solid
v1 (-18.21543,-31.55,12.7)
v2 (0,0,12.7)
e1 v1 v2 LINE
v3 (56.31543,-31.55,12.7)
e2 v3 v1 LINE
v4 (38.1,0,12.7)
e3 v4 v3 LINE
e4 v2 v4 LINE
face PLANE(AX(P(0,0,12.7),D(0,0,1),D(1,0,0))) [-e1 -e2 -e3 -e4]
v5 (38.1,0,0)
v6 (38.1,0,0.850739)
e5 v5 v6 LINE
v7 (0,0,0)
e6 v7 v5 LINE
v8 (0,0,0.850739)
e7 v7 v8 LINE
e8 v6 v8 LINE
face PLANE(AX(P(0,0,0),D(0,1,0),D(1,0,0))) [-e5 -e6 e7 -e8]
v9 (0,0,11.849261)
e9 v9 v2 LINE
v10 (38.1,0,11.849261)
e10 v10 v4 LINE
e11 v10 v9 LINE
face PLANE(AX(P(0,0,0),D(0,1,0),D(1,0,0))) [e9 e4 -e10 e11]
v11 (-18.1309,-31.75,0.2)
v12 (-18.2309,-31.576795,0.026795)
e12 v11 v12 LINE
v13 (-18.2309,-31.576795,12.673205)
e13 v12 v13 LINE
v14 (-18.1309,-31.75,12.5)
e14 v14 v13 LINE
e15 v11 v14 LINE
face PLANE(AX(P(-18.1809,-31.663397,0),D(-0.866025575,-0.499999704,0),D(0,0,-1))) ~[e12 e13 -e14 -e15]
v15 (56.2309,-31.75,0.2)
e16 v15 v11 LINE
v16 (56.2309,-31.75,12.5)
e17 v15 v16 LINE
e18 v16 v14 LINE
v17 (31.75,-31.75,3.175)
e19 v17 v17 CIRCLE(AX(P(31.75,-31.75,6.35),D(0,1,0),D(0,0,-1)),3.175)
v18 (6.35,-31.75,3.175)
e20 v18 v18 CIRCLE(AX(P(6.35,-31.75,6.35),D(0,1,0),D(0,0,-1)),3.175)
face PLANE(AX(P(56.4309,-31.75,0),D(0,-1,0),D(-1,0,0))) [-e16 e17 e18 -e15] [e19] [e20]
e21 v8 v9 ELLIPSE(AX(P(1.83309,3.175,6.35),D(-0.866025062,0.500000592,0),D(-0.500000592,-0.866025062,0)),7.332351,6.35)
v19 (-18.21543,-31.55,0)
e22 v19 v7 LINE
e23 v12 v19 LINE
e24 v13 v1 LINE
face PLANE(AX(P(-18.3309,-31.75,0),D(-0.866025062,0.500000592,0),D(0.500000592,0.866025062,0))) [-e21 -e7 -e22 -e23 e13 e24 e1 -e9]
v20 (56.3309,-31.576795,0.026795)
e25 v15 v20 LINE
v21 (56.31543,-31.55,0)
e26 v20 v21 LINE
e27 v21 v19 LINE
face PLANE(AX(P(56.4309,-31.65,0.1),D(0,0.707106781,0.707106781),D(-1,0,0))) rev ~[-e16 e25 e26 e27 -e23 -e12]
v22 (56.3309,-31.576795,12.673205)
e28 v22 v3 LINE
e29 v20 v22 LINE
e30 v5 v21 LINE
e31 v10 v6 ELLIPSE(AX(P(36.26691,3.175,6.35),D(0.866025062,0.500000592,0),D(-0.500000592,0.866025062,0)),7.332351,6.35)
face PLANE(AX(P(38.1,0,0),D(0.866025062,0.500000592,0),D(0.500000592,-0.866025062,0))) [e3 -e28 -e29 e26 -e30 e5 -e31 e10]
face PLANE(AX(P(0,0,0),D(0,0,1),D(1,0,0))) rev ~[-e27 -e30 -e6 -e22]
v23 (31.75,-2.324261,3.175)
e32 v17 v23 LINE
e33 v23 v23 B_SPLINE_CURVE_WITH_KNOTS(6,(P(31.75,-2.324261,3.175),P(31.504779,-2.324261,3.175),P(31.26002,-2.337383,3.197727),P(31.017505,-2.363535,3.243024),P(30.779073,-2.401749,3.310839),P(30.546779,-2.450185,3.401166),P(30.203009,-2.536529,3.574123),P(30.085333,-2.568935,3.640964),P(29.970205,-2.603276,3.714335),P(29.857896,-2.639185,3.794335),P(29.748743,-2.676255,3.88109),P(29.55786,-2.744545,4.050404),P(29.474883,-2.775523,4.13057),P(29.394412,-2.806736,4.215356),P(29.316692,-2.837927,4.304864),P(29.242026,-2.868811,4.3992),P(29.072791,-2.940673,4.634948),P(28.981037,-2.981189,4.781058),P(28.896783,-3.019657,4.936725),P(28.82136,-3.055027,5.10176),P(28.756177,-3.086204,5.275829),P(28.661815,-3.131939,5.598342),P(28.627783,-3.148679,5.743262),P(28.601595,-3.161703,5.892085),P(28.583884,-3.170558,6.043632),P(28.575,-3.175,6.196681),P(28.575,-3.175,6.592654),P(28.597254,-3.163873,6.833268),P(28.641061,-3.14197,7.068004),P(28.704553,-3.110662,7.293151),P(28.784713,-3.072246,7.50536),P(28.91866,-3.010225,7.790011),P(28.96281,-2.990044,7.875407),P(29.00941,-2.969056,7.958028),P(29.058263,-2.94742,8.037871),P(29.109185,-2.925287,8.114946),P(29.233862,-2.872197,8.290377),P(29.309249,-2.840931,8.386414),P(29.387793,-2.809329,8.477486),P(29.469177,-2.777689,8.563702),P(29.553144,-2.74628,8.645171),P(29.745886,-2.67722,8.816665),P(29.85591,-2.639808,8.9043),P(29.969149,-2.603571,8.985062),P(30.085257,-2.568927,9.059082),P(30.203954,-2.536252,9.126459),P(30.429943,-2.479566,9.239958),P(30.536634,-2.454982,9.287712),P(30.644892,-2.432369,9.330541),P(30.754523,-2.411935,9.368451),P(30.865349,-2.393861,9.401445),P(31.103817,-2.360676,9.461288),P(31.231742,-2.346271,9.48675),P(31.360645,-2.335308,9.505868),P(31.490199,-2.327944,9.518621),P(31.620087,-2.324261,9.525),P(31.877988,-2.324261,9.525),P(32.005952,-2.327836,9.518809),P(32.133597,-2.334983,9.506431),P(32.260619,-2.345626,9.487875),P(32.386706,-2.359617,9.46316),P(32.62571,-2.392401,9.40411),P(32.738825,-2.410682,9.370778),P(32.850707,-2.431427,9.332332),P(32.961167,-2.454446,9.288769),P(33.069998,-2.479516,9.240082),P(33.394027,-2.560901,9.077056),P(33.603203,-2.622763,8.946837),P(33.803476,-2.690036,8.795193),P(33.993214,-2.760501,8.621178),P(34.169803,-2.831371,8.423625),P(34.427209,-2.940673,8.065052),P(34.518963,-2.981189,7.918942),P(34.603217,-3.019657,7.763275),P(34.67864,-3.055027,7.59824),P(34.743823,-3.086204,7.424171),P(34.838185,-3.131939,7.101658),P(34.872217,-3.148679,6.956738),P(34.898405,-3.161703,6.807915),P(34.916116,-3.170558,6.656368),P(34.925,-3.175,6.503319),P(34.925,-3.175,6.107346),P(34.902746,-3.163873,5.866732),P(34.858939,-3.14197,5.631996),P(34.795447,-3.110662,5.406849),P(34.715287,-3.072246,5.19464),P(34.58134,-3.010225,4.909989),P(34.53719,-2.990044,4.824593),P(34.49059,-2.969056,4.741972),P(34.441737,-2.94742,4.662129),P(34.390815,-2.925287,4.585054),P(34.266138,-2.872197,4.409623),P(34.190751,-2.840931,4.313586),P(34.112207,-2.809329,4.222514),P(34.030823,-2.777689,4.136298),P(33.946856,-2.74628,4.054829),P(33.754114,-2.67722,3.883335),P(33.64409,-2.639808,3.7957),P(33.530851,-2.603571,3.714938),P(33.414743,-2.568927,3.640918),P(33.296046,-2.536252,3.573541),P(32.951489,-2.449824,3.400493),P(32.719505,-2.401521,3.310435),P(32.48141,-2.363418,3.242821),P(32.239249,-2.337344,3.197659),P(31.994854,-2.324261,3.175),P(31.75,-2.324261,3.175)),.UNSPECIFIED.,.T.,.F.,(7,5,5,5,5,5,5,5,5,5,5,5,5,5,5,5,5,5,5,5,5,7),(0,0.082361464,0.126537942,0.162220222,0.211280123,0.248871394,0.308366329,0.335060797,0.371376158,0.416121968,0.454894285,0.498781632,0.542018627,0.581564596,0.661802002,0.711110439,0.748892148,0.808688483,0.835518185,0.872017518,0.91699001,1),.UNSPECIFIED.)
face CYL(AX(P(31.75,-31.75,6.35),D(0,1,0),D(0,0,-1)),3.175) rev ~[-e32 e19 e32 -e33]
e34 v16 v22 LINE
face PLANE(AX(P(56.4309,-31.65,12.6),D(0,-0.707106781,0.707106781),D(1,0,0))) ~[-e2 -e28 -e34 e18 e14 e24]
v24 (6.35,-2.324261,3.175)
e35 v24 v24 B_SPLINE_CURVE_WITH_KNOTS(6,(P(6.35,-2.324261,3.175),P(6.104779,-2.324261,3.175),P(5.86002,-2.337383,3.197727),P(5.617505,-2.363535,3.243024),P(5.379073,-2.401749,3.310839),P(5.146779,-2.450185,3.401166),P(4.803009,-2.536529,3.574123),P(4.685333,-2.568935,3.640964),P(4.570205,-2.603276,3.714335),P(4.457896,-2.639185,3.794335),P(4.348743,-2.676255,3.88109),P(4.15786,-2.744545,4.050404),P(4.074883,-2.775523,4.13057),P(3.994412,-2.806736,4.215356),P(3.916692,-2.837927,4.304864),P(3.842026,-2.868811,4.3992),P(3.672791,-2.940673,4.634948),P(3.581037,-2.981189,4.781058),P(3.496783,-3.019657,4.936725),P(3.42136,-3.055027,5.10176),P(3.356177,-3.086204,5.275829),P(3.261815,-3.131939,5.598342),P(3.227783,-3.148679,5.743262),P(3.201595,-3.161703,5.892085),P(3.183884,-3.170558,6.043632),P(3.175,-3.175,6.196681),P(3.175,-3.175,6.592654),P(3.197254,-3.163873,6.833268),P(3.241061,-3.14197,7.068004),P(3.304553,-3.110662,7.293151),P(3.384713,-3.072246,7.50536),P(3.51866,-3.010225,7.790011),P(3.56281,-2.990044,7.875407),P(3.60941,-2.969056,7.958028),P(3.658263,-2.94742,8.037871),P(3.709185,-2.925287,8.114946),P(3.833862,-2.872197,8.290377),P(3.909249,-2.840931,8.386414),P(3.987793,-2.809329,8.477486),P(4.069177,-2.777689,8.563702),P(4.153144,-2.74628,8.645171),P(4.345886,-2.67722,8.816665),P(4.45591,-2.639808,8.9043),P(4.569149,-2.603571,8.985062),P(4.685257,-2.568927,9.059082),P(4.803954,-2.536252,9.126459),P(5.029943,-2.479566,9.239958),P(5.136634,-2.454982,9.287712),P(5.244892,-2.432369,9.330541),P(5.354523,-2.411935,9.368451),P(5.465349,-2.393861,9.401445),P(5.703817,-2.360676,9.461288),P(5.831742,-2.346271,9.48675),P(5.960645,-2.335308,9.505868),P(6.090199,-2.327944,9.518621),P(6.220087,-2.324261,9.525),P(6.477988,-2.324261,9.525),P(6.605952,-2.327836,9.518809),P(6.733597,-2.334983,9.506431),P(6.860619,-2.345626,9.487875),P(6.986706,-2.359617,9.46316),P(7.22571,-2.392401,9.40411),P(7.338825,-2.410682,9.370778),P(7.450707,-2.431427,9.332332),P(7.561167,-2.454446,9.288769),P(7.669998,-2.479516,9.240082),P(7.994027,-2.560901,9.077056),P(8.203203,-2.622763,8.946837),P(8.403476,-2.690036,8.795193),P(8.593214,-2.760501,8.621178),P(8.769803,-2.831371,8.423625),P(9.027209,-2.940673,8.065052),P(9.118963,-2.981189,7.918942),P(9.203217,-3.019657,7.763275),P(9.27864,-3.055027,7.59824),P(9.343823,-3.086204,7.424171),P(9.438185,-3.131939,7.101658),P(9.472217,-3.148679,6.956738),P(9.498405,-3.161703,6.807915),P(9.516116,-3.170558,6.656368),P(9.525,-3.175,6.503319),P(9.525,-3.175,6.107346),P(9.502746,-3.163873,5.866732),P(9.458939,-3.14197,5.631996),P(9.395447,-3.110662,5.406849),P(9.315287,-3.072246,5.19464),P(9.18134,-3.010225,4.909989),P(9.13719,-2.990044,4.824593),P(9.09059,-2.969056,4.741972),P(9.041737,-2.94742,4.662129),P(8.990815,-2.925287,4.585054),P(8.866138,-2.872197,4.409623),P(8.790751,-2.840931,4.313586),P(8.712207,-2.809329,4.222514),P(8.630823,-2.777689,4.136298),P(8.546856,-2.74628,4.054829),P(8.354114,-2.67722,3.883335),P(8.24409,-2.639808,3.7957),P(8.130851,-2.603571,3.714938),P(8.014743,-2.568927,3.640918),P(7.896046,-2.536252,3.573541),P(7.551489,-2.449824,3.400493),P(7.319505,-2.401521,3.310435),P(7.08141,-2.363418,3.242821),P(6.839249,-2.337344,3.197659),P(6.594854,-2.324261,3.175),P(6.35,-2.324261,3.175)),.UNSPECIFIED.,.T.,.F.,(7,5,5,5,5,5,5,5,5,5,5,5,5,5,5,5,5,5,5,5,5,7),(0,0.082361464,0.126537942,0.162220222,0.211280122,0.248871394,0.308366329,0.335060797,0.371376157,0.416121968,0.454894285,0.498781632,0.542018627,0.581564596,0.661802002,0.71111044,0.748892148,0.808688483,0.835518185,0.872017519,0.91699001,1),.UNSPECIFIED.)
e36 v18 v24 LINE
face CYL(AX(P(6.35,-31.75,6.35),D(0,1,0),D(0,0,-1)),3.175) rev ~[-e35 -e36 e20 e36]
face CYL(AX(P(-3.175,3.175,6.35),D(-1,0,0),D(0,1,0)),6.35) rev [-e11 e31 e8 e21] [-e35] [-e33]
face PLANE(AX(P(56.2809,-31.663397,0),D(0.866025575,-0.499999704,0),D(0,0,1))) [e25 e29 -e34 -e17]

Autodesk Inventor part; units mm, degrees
ref_plane "YZ Plane" through (0, 0, 0) normal (1, 0, 0) x (0, 1, 0)
ref_plane "XZ Plane" through (0, 0, 0) normal (0, 1, 0) x (-1, 0, 0)
sketch "Sketch1" plane through (0, 0, 0) normal (0, 0, 1) x (1, 0, 0)
  line L0 (0, 0) -> (38.1, 0)
  line L1 (38.1, 0) -> (56.4309, -31.75)
  line L2 (56.4309, -31.75) -> (-18.3309, -31.75)
  line L3 (-18.3309, -31.75) -> (0, 0)
  dimension "d0" = 38.1
  dimension "d1" = 60
  dimension "d2" = 31.75
extrude "Extrusion1" add sketch "Sketch1" along normal blind 12.7
ref_plane "Work Plane1" through (-3.175, 0, 0) normal (1, 0, 0) x (0, 1, 0)
sketch "Sketch2" plane through (-3.175, 0, 0) normal (1, 0, 0) x (0, 1, 0)
  line L0 (0, 0) -> (0, 12.7)
  circle A0 centre (3.175, 6.35) radius 6.35
  dimension "d5" = 3.175
  dimension "d6" = 12.7
  dimension "d7" = 9.525
extrude "Extrusion2" cut sketch "Sketch2" along normal through all
sketch "Sketch3" plane through (-18.3309, -31.75, 0) normal (0, -1, 0) x (1, 0, 0)
  line L0 (74.7617, 12.7) -> (0, 12.7) projected
  line L1 (74.7617, 0) -> (0, 0) projected
  line L2 (74.7617, 0) -> (74.7617, 12.7) projected
  line L3 (37.3809, 12.7) -> (37.3809, 0) construction
  line L4 (0.4848, 6.35) -> (74.7617, 6.35) construction
  point P0 (24.6809, 6.35)
  point P1 (50.0809, 6.35)
  dimension "d11" = 12.7
  dimension "d12" = 25.4
hole "Hole1" at (6.35, -31.75, 6.35) at (31.75, -31.75, 6.35) direction (0, 1, 0) diameter 6.35 end through all
chamfer "Chamfer1" distance 0.2 angle 45 4 edges at (19.05, -31.75, 12.7) (-18.3309, -31.75, 6.35) (19.05, -31.75, 0) (56.4309, -31.75, 6.35)
properties part number "PWTR-0039" material "Aluminum-6061"
